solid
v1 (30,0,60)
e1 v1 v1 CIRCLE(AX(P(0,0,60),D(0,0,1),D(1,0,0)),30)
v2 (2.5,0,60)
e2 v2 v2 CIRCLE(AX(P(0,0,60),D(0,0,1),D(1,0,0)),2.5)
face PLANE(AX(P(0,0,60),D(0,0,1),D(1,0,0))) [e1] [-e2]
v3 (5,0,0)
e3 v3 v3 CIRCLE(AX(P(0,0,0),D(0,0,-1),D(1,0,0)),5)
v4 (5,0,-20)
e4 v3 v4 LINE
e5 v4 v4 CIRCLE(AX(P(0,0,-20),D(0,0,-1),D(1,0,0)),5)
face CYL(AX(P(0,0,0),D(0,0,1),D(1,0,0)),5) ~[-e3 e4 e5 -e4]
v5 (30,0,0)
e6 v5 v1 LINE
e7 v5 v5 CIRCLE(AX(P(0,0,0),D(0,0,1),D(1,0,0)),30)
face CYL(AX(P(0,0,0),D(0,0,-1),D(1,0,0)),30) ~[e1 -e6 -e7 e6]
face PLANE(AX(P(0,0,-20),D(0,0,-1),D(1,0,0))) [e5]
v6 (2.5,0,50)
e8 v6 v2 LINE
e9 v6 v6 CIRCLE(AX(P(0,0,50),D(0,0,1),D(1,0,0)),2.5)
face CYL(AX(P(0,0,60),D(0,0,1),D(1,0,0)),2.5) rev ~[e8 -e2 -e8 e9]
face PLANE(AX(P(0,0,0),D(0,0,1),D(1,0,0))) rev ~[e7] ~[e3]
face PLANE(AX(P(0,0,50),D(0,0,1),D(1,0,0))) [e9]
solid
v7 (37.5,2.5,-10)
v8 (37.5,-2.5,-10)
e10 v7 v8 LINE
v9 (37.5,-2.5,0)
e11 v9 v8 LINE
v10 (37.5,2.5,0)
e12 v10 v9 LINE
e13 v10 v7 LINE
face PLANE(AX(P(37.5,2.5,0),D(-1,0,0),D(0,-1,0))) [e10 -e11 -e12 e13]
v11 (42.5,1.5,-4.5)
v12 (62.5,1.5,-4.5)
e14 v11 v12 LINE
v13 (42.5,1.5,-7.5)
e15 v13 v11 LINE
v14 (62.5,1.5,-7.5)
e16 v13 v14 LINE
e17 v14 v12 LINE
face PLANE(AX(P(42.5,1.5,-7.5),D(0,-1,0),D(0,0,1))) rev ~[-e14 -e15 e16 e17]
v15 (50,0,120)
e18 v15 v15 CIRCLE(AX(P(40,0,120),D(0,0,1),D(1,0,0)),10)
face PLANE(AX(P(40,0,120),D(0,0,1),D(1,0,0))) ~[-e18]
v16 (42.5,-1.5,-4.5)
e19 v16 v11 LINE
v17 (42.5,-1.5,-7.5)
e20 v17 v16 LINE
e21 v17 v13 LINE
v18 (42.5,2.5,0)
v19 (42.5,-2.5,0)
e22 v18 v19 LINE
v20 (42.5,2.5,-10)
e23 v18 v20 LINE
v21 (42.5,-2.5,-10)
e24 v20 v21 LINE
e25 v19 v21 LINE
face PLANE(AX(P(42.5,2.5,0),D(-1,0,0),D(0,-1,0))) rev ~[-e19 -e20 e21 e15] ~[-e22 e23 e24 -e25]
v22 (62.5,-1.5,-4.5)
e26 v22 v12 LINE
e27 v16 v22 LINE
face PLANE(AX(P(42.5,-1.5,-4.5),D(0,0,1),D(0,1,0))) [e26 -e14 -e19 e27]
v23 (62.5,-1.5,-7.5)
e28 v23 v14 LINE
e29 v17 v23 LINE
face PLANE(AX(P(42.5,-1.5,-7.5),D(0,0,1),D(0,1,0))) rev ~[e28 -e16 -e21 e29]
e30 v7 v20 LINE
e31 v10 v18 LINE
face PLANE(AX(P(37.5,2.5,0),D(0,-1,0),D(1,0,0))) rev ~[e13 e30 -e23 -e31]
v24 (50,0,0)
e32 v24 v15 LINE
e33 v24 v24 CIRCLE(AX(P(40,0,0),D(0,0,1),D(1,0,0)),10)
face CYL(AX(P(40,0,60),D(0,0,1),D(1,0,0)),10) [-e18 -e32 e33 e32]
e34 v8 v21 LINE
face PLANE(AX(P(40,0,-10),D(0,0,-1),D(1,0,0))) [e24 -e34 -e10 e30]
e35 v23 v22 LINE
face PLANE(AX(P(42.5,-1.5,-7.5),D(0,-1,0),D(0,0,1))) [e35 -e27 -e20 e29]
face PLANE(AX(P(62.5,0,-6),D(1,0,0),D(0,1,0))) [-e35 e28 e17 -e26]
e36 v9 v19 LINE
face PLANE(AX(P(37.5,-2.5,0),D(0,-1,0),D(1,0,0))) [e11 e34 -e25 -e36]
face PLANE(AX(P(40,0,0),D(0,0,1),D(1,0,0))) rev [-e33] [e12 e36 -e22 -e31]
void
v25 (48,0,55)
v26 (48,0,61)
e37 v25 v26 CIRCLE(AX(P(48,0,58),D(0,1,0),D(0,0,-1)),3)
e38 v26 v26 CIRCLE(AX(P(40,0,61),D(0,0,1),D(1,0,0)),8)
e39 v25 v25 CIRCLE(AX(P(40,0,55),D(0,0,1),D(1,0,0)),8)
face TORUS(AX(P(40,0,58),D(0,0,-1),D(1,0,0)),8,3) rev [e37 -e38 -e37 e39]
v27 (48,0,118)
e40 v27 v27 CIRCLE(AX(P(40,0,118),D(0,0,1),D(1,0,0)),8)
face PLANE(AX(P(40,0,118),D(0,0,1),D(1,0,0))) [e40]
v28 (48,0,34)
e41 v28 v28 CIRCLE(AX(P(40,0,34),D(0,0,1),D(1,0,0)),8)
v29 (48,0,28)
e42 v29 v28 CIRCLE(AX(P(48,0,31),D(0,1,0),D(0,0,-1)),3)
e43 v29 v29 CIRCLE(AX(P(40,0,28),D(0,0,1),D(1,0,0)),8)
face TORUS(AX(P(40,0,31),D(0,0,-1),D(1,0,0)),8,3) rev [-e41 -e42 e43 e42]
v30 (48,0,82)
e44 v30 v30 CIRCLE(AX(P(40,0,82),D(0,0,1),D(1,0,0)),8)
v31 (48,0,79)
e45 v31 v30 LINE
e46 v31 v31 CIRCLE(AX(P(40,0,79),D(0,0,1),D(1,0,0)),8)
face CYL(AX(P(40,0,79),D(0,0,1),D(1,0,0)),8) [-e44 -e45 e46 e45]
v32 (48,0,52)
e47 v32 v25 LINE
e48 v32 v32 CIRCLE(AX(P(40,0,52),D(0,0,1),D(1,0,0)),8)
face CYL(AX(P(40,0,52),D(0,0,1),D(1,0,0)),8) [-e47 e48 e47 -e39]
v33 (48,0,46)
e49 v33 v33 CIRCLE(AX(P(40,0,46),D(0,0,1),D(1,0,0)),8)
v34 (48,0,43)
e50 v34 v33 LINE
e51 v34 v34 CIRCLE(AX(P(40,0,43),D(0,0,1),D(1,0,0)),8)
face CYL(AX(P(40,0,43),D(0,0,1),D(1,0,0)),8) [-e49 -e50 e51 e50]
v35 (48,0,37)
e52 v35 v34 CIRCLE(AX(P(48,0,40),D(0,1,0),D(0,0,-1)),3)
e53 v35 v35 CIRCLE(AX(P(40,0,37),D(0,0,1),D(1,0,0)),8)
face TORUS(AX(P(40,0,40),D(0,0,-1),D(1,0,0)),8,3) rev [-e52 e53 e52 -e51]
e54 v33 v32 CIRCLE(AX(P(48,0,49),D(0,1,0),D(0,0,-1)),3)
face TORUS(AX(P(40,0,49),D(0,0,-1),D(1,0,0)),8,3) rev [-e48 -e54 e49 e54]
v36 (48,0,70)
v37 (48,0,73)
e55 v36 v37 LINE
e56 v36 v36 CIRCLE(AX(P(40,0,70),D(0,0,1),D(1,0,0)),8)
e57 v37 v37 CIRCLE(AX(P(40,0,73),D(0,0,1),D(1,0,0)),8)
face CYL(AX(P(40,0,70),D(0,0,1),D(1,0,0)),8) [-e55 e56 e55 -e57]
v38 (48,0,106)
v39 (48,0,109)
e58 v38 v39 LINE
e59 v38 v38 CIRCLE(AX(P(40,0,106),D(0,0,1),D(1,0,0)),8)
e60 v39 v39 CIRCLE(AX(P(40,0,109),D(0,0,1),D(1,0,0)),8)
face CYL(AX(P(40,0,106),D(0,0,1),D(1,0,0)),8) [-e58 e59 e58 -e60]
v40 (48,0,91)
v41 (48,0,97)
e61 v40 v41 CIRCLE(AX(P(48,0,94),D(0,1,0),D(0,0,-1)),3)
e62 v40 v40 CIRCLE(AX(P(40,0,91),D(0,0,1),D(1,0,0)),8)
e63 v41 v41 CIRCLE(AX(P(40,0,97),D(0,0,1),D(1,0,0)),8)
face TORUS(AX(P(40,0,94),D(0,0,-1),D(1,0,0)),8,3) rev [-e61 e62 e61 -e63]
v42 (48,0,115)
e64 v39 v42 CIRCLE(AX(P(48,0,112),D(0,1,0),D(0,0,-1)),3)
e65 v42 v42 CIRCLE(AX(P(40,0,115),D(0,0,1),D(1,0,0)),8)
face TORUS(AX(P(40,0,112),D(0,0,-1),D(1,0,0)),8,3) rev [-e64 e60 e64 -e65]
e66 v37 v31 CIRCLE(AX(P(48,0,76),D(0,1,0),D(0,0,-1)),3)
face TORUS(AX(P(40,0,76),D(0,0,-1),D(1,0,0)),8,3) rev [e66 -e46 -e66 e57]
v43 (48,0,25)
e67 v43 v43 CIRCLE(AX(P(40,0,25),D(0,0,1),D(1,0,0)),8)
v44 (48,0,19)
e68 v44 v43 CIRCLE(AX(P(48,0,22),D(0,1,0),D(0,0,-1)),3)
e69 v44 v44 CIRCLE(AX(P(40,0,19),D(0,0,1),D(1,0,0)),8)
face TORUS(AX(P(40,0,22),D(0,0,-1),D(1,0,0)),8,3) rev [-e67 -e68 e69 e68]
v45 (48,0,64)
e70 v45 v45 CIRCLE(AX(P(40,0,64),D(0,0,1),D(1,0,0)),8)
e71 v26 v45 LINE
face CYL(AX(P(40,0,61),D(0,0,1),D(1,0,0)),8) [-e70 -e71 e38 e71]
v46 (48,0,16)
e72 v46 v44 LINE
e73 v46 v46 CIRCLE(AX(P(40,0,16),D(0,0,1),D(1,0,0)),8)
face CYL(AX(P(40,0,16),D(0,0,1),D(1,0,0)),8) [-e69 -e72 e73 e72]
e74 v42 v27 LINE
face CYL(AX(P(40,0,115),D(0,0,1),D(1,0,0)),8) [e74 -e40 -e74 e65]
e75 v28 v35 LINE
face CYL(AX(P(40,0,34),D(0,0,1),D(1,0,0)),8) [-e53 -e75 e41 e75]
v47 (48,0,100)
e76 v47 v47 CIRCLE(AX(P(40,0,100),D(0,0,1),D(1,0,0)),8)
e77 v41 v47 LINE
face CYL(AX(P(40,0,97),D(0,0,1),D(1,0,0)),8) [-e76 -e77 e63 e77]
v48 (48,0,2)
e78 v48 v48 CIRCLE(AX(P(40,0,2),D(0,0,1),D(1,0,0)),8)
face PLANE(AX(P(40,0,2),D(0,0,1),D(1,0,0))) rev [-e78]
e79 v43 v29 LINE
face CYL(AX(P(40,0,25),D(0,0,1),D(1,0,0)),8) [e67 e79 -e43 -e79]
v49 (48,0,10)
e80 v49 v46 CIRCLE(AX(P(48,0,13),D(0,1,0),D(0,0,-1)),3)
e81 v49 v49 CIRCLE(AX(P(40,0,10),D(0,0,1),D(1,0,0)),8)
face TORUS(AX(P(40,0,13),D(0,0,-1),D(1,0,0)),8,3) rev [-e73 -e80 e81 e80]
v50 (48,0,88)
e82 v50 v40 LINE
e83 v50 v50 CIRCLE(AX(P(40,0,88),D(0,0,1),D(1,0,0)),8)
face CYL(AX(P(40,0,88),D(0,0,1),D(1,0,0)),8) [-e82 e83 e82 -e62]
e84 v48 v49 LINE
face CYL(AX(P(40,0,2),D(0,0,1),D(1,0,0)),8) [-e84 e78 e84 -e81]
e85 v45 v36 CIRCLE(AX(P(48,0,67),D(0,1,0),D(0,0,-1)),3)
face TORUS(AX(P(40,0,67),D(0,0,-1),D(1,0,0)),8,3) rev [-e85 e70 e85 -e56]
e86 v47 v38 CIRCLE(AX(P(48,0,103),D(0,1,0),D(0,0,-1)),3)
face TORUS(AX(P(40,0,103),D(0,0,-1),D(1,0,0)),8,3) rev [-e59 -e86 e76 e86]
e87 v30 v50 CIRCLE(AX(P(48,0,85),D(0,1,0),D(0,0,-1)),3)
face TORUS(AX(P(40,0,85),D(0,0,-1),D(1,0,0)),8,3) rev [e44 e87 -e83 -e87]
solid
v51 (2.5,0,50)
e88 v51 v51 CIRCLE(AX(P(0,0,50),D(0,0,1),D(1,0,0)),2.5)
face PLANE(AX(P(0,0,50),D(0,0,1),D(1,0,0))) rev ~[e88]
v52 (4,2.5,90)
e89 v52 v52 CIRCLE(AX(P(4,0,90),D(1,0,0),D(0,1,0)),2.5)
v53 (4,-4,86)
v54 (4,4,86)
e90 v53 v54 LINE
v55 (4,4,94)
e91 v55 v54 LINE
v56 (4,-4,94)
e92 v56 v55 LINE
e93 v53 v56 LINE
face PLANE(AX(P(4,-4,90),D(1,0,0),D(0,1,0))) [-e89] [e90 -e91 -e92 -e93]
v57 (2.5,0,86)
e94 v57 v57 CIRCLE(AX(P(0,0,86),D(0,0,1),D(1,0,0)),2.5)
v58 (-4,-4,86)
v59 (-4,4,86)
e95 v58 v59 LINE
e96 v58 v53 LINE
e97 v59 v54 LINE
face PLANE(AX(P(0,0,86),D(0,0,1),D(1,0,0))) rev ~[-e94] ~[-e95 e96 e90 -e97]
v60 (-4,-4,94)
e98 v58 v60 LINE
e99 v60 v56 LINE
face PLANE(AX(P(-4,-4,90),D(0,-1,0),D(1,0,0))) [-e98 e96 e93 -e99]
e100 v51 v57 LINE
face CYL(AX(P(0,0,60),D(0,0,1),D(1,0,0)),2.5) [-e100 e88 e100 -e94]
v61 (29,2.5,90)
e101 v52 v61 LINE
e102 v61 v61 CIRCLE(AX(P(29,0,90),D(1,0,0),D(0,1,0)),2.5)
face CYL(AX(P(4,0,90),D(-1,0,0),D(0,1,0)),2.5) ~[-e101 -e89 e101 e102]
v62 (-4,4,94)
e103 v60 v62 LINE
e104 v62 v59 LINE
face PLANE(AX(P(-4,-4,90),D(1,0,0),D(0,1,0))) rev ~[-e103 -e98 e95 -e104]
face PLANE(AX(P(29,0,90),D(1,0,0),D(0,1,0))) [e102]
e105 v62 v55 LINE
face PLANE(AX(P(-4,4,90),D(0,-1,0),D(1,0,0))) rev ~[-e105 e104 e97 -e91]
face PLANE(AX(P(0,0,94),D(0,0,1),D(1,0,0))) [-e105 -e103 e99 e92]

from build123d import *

# Parameters (mm, degrees)
F0_R           = 30
F1_DEPTH       = 60
F2_W           = 10
F2_H           = 120
F6_R           = 5
F7_DEPTH       = 20
F8_W           = 5
F8_H           = 5
F9_DEPTH       = 10
F10_W          = 3
F10_H          = 3
F11_DEPTH      = 20
F12_R          = 2.5
F13_DEPTH      = 30
F13_DEPTH_BACK = 10
F15_W          = 8
F15_H          = 8
F16_DEPTH      = 4
F17_R          = 2.5
F18_DEPTH      = 25


with BuildPart() as f1:
    # F0 (on Top) → F1 (new body)
    with BuildSketch(Plane.XY):
        Circle(F0_R)
    extrude(amount=F1_DEPTH)

    # F6 (on face) → F7 (join)
    with BuildSketch(Plane(origin=(0, 0, 0), x_dir=(1, 0, 0), z_dir=(0, 0, -1))):
        Circle(F6_R)
    extrude(amount=F7_DEPTH)


with BuildPart() as f3:
    # F2 (on Front) → F3 (revolve)
    with BuildSketch(Plane.XZ):
        with Locations((45, 60)):
            Rectangle(F2_W, F2_H)
    revolve(axis=Axis((40, 0, 60), (0, 0, 1)))

    # F4 (on Front) → F5 (revolve, cut)
    with BuildSketch(Plane.XZ):
        with BuildLine():
            Line((40, 118), (40, 2))
            Line((40, 2), (48, 2))
            Line((48, 2), (48, 10))
            ThreePointArc((48, 10), (45, 13), (48, 16))
            Line((48, 16), (48, 19))
            ThreePointArc((48, 19), (45, 22), (48, 25))
            Line((48, 25), (48, 28))
            ThreePointArc((48, 28), (45, 31), (48, 34))
            Line((48, 34), (48, 37))
            ThreePointArc((48, 37), (45, 40), (48, 43))
            Line((48, 43), (48, 46))
            ThreePointArc((48, 46), (45, 49), (48, 52))
            Line((48, 52), (48, 55))
            ThreePointArc((48, 55), (45, 58), (48, 61))
            Line((48, 61), (48, 64))
            ThreePointArc((48, 64), (45, 67), (48, 70))
            Line((48, 70), (48, 73))
            ThreePointArc((48, 73), (45, 76), (48, 79))
            Line((48, 79), (48, 82))
            ThreePointArc((48, 82), (45, 85), (48, 88))
            Line((48, 88), (48, 91))
            ThreePointArc((48, 91), (45, 94), (48, 97))
            Line((48, 97), (48, 100))
            ThreePointArc((48, 100), (45, 103), (48, 106))
            Line((48, 106), (48, 109))
            ThreePointArc((48, 109), (45, 112), (48, 115))
            Line((48, 115), (48, 118))
            Line((48, 118), (40, 118))
        make_face()
    revolve(axis=Axis((40, 0, 60), (0, 0, 1)), mode=Mode.SUBTRACT)

    # F8 (on face) → F9 (join)
    with BuildSketch(Plane(origin=(0, 0, 0), x_dir=(1, 0, 0), z_dir=(0, 0, -1))):
        with Locations((40, 0)):
            Rectangle(F8_W, F8_H)
    extrude(amount=F9_DEPTH)

    # F10 (on face) → F11 (join)
    with BuildSketch(Plane.YZ.offset(42.5)):
        with Locations((0, -6)):
            Rectangle(F10_W, F10_H)
    extrude(amount=F11_DEPTH)


with BuildPart() as f13:
    # F12 (on face) → F13 (new body, two sides)
    with BuildSketch(Plane.XY.offset(60)) as f13_sk:
        Circle(F12_R)
    extrude(amount=F13_DEPTH)
    extrude(f13_sk.sketch, amount=-F13_DEPTH_BACK)

    # F15 (on face) → F16 (join, symmetric)
    with BuildSketch(Plane.XY.offset(90)):
        Rectangle(F15_W, F15_H)
    extrude(amount=F16_DEPTH, both=True)

    # F17 (on face) → F18 (join)
    with BuildSketch(Plane.YZ.offset(4)):
        with Locations((0, 90)):
            Circle(F17_R)
    extrude(amount=F18_DEPTH)


with BuildPart() as f1_1:
    add(f1.part)

    # F14: cut F13
    add(f13.part, mode=Mode.SUBTRACT)


solid = Compound([f3.part, f13.part, f1_1.part])
